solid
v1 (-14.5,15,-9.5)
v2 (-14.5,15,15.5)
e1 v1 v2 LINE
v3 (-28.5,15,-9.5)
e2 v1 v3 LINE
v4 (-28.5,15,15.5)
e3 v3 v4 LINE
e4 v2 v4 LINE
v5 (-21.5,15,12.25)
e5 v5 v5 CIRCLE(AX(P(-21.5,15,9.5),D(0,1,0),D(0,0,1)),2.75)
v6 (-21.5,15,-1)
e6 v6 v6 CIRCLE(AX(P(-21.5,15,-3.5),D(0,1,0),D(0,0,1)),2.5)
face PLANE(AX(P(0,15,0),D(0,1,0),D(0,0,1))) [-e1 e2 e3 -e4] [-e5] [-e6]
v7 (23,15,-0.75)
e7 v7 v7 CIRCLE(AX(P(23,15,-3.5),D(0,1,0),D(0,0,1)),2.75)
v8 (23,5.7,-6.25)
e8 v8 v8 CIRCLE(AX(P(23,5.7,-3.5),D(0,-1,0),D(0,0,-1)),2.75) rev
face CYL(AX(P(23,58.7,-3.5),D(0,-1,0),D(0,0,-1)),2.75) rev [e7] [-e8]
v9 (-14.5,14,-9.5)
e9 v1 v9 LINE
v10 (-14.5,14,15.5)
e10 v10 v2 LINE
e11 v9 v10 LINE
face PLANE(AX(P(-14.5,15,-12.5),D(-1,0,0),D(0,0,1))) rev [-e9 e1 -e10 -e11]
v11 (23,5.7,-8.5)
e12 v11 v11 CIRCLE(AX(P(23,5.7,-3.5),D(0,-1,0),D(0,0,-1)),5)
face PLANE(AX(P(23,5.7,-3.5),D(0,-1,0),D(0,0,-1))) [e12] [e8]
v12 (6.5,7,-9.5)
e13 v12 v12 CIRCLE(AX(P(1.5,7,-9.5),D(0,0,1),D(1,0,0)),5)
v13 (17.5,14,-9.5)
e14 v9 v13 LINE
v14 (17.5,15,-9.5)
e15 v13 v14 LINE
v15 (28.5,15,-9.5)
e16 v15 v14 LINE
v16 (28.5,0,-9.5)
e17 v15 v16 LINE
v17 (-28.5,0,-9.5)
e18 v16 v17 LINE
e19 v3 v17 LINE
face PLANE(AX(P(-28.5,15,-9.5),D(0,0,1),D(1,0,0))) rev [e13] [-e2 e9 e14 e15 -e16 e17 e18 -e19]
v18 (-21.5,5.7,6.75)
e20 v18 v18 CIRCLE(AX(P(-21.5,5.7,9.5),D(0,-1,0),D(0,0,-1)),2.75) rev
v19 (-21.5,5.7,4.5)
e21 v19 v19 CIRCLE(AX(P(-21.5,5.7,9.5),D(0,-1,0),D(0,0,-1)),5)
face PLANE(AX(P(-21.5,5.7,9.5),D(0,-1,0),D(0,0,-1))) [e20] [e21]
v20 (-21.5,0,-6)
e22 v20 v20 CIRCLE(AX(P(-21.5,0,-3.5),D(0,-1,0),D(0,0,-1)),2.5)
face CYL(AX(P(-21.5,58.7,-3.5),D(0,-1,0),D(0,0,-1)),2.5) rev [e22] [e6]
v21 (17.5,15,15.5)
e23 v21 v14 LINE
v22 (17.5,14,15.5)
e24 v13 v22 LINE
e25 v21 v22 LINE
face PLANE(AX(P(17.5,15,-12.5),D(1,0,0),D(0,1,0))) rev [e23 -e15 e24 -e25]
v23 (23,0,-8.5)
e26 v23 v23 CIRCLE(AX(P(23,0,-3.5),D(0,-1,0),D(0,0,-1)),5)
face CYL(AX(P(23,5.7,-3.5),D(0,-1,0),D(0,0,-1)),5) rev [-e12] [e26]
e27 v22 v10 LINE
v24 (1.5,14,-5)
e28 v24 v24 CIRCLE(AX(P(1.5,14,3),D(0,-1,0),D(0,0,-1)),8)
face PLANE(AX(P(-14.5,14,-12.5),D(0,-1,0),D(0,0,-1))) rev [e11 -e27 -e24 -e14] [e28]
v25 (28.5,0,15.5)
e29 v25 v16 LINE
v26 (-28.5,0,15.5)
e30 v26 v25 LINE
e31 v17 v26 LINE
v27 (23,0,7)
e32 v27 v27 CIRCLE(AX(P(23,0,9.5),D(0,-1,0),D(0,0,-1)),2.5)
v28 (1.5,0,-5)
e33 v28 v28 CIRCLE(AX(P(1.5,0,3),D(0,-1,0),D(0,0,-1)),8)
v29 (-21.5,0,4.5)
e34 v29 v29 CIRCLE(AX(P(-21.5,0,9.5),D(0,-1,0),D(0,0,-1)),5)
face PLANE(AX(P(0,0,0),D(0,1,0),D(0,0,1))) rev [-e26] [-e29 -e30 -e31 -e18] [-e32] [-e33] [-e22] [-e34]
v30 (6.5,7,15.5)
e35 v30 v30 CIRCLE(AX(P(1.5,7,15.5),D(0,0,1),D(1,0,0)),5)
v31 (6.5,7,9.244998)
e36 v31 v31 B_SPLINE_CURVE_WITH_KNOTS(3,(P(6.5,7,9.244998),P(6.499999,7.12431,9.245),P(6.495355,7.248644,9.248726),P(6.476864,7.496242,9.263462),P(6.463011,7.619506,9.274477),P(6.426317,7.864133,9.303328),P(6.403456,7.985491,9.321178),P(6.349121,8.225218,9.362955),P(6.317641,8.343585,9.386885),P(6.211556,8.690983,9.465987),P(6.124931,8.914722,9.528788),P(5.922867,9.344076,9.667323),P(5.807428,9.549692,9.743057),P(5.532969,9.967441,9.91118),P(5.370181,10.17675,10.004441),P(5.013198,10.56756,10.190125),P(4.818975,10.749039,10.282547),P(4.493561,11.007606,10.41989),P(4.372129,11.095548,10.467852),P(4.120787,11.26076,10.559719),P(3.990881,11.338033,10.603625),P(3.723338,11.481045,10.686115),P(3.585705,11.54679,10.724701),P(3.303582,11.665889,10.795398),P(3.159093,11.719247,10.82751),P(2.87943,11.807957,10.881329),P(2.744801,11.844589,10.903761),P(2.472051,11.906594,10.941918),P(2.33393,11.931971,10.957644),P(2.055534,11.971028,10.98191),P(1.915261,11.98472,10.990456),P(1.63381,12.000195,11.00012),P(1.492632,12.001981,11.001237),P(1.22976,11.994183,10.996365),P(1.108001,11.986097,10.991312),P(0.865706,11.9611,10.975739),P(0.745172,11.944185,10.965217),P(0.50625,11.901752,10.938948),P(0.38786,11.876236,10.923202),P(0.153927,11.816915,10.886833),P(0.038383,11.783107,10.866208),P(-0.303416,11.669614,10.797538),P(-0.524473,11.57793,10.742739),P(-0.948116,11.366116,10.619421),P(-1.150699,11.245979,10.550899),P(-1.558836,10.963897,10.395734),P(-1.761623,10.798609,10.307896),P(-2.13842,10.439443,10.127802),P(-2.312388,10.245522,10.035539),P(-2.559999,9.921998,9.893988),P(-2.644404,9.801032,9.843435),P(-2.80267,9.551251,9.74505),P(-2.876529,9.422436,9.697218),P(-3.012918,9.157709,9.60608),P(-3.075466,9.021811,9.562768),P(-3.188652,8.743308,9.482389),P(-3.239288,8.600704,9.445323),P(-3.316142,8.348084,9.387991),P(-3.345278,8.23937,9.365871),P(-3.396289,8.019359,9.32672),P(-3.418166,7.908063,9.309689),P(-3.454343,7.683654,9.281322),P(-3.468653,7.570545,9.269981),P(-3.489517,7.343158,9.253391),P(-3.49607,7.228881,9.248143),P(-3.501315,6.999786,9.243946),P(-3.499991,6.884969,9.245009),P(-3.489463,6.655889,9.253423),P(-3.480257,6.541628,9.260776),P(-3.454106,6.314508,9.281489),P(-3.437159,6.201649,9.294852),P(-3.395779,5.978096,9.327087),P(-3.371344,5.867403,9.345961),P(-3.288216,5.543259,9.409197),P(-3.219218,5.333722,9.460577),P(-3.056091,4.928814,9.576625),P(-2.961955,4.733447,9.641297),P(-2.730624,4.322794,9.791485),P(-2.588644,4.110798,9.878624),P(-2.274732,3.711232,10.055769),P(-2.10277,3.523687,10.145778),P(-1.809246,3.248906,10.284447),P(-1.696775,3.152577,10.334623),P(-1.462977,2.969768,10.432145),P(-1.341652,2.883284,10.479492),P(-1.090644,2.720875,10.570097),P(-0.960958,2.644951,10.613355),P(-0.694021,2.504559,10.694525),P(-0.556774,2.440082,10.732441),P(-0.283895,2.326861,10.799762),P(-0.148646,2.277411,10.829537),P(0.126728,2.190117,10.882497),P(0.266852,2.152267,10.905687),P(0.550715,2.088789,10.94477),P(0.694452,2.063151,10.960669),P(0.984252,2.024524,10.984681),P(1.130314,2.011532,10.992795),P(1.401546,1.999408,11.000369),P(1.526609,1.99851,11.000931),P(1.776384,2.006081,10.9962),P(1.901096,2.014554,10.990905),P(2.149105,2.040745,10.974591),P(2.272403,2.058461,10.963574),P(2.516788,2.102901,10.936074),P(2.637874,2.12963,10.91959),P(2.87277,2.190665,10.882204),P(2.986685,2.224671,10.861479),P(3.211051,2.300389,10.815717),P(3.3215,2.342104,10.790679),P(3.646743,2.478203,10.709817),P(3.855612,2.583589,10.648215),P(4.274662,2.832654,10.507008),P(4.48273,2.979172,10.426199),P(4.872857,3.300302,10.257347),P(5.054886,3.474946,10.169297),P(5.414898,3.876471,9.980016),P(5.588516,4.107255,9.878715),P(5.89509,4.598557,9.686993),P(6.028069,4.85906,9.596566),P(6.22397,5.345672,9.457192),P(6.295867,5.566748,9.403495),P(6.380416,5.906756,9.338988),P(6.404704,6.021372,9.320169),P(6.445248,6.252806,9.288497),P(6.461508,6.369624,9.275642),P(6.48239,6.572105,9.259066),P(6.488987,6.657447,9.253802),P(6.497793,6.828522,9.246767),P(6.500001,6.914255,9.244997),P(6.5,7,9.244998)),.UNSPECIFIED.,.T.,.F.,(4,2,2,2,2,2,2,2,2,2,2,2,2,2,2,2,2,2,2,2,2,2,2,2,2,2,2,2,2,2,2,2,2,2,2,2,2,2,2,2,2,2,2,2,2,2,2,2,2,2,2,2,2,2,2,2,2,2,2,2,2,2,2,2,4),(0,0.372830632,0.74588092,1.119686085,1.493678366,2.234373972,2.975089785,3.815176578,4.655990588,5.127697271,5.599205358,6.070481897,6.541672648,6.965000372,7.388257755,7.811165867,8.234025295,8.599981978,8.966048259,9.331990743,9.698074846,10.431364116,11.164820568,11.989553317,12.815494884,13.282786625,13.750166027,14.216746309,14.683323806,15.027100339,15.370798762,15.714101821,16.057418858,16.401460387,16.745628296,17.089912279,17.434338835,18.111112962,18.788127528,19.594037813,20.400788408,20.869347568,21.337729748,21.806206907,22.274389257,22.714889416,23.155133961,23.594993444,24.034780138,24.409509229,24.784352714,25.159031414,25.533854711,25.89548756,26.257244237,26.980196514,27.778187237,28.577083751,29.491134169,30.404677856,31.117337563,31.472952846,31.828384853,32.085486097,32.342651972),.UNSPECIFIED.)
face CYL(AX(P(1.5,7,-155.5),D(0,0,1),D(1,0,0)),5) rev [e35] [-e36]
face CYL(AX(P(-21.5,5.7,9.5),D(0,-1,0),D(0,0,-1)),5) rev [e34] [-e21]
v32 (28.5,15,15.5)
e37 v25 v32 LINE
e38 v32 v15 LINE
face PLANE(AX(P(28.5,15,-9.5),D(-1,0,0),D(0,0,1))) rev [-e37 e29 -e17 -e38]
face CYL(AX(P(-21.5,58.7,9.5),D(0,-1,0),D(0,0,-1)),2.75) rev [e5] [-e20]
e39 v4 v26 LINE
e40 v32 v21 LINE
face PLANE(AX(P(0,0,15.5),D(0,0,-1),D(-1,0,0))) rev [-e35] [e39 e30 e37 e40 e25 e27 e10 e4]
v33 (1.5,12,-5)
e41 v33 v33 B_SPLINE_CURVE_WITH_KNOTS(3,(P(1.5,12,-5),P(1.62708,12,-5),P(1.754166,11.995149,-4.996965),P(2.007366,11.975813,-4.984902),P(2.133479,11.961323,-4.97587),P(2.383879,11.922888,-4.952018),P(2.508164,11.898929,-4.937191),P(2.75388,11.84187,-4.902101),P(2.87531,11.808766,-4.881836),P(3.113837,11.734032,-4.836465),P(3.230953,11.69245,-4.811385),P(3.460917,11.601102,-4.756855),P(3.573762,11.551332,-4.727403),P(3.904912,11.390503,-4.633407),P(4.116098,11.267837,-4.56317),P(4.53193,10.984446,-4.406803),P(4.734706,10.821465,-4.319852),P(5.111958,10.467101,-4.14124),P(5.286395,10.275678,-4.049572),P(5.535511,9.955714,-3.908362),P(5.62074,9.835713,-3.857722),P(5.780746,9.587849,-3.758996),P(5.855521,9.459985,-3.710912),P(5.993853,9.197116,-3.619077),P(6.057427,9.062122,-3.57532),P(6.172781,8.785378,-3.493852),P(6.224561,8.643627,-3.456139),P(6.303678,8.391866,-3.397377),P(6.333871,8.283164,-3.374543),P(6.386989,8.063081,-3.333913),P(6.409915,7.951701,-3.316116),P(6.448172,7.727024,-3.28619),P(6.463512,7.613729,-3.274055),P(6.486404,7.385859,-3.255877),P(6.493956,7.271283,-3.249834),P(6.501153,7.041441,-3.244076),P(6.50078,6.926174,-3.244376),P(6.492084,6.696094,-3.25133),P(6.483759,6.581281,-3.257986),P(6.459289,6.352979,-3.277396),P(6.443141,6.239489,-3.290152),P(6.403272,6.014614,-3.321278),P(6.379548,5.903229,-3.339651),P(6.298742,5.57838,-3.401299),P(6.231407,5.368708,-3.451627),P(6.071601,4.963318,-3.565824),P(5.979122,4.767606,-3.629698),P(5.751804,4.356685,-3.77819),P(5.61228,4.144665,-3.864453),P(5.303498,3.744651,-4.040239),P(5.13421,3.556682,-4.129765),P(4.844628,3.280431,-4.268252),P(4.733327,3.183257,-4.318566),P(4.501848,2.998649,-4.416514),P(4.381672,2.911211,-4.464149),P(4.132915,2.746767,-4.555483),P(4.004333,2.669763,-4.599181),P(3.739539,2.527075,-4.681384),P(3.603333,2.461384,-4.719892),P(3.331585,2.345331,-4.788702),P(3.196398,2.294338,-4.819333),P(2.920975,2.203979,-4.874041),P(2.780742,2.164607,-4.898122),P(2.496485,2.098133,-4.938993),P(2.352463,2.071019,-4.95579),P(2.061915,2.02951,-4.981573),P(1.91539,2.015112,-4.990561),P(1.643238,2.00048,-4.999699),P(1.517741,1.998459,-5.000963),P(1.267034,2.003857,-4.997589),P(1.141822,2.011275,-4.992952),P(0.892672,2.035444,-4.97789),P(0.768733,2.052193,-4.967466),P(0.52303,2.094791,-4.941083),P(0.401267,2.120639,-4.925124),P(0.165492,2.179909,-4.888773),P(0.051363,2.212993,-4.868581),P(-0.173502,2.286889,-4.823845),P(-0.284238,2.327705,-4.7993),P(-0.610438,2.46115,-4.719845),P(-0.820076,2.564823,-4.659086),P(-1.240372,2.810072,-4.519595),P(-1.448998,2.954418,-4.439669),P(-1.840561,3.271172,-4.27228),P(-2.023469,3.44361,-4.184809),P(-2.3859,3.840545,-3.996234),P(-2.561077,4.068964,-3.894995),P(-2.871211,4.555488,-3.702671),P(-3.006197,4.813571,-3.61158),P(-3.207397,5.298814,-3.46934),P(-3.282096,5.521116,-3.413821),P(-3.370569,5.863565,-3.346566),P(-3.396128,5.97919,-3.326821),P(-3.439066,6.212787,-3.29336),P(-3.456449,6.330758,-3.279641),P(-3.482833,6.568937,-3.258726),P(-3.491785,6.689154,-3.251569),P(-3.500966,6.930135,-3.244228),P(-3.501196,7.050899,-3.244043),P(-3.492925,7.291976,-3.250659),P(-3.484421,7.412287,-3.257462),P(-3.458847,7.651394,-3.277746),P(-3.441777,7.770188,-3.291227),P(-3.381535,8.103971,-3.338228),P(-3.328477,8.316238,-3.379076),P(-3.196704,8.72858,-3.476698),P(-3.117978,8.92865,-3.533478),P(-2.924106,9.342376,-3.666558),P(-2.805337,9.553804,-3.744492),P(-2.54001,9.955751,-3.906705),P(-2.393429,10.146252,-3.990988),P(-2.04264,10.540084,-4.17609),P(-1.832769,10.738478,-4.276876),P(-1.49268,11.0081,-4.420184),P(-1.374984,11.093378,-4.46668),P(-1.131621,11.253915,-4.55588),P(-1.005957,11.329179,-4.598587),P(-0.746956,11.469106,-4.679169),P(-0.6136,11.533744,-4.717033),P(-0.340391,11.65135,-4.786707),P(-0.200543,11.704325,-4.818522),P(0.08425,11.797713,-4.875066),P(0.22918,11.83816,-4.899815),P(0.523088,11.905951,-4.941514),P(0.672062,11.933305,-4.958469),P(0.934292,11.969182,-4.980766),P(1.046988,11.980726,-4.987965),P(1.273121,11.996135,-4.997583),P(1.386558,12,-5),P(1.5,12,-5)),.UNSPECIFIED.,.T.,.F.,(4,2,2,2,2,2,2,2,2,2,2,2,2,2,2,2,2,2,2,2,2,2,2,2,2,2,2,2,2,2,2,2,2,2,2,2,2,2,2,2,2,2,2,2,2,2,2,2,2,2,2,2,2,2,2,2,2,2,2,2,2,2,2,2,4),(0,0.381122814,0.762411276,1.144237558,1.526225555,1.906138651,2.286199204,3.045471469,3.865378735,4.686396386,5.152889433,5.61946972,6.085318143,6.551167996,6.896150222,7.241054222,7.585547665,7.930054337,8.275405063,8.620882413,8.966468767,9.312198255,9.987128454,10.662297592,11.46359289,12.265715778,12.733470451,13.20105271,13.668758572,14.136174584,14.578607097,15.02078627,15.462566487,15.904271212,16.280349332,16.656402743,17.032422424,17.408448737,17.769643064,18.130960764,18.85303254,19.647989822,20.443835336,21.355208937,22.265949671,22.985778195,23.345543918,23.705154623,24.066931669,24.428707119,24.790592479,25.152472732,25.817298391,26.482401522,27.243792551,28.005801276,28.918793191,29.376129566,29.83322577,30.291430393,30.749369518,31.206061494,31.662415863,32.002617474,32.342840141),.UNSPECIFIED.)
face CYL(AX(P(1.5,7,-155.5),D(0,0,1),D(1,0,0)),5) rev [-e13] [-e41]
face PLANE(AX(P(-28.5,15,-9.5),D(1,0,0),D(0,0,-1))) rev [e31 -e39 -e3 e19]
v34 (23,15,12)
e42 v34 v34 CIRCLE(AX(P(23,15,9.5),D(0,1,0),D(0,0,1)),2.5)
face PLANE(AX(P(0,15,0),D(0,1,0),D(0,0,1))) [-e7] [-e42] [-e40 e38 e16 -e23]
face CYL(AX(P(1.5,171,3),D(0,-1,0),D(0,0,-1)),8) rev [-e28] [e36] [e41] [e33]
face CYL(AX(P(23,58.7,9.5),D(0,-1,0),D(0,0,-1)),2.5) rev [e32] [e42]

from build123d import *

# Parameters (mm, degrees)
SKETCH1_W           = 57
SKETCH1_H           = 19
BOSS_EXTRUDE1_DEPTH = 15
SKETCH2_W           = 32
SKETCH2_H           = 1
CUT_EXTRUDE1_DEPTH  = 22
SKETCH3_R           = 5
CUT_EXTRUDE2_DEPTH  = 22
BOSS_EXTRUDE2_DEPTH = 6
SKETCH6_R           = 2.75
SKETCH6_R_2         = 2.5
CUT_EXTRUDE5_DEPTH  = 58.7
SKETCH8_R           = 5
CUT_EXTRUDE6_DEPTH  = 5.7
SKETCH9_R           = 8
CUT_EXTRUDE7_DEPTH  = 15.7
SKETCH10_R          = 5
CUT_EXTRUDE8_DEPTH  = 56.7
SKETCH11_R          = 8
BOSS_EXTRUDE3_DEPTH = 14
SKETCH12_R          = 5
BOSS_EXTRUDE4_DEPTH = 25
SKETCH13_R          = 8
CUT_EXTRUDE9_DEPTH  = 171
SKETCH14_R          = 5
CUT_EXTRUDE10_DEPTH = 171


with BuildPart() as part:
    # Sketch1 → Boss-Extrude1 (new body)
    with BuildSketch(Plane(origin=(0, 0, 0), x_dir=(1, 0, 0), z_dir=(0, 1, 0))):
        Rectangle(SKETCH1_W, SKETCH1_H)
    extrude(amount=BOSS_EXTRUDE1_DEPTH)

    # Sketch2 → Cut-Extrude1 (cut)
    with BuildSketch(Plane.XY.offset(9.5)):
        with Locations((1.5, 14.5)):
            Rectangle(SKETCH2_W, SKETCH2_H)
    extrude(amount=-CUT_EXTRUDE1_DEPTH, mode=Mode.SUBTRACT)

    # Sketch3 → Cut-Extrude2 (cut)
    with BuildSketch(Plane.XY.offset(9.5)):
        with Locations((0, 7)):
            Circle(SKETCH3_R)
    extrude(amount=-CUT_EXTRUDE2_DEPTH, mode=Mode.SUBTRACT)

    # Sketch5 → Boss-Extrude2 (add)
    with BuildSketch(Plane.XY.offset(9.5)):
        Polygon((-28.5, 15), (-14.5, 15), (-14.5, 14), (17.5, 14), (17.5, 15), (28.5, 15), (28.5, 0), (-28.5, 0), align=None)
    extrude(amount=BOSS_EXTRUDE2_DEPTH)

    # Sketch6 → Cut-Extrude5 (cut)
    with BuildSketch(Plane.XZ):
        with Locations((-21.5, 9.5)):
            Circle(SKETCH6_R)
        with Locations((23, -3.5)):
            Circle(SKETCH6_R)
        with Locations((-21.5, -3.5)):
            Circle(SKETCH6_R_2)
        with Locations((23, 9.5)):
            Circle(SKETCH6_R_2)
    extrude(amount=-CUT_EXTRUDE5_DEPTH, mode=Mode.SUBTRACT)

    # Sketch8 → Cut-Extrude6 (cut)
    with BuildSketch(Plane.XZ):
        with Locations((-21.5, 9.5)):
            Circle(SKETCH8_R)
        with Locations((23, -3.5)):
            Circle(SKETCH8_R)
    extrude(amount=-CUT_EXTRUDE6_DEPTH, mode=Mode.SUBTRACT)

    # Sketch9 → Cut-Extrude7 (cut)
    with BuildSketch(Plane.XZ):
        with Locations((0, 3)):
            Circle(SKETCH9_R)
    extrude(amount=-CUT_EXTRUDE7_DEPTH, mode=Mode.SUBTRACT)

    # Sketch10 → Cut-Extrude8 (cut)
    with BuildSketch(Plane(origin=(0, 0, -9.5), x_dir=(-1, 0, 0), z_dir=(0, 0, -1))):
        with Locations((0, 7)):
            Circle(SKETCH10_R)
    extrude(amount=-CUT_EXTRUDE8_DEPTH, mode=Mode.SUBTRACT)

    # Sketch11 → Boss-Extrude3 (add)
    with BuildSketch(Plane.XZ):
        with Locations((0, 3)):
            Circle(SKETCH11_R)
    extrude(amount=-BOSS_EXTRUDE3_DEPTH)

    # Sketch12 → Boss-Extrude4 (add)
    with BuildSketch(Plane.XY.offset(15.5)):
        with Locations((0, 7)):
            Circle(SKETCH12_R)
    extrude(amount=-BOSS_EXTRUDE4_DEPTH)

    # Sketch13 → Cut-Extrude9 (cut)
    with BuildSketch(Plane.XZ):
        with Locations((1.5, 3)):
            Circle(SKETCH13_R)
    extrude(amount=-CUT_EXTRUDE9_DEPTH, mode=Mode.SUBTRACT)

    # Sketch14 → Cut-Extrude10 (cut)
    with BuildSketch(Plane.XY.offset(15.5)):
        with Locations((1.5, 7)):
            Circle(SKETCH14_R)
    extrude(amount=-CUT_EXTRUDE10_DEPTH, mode=Mode.SUBTRACT)


solid = part.part
